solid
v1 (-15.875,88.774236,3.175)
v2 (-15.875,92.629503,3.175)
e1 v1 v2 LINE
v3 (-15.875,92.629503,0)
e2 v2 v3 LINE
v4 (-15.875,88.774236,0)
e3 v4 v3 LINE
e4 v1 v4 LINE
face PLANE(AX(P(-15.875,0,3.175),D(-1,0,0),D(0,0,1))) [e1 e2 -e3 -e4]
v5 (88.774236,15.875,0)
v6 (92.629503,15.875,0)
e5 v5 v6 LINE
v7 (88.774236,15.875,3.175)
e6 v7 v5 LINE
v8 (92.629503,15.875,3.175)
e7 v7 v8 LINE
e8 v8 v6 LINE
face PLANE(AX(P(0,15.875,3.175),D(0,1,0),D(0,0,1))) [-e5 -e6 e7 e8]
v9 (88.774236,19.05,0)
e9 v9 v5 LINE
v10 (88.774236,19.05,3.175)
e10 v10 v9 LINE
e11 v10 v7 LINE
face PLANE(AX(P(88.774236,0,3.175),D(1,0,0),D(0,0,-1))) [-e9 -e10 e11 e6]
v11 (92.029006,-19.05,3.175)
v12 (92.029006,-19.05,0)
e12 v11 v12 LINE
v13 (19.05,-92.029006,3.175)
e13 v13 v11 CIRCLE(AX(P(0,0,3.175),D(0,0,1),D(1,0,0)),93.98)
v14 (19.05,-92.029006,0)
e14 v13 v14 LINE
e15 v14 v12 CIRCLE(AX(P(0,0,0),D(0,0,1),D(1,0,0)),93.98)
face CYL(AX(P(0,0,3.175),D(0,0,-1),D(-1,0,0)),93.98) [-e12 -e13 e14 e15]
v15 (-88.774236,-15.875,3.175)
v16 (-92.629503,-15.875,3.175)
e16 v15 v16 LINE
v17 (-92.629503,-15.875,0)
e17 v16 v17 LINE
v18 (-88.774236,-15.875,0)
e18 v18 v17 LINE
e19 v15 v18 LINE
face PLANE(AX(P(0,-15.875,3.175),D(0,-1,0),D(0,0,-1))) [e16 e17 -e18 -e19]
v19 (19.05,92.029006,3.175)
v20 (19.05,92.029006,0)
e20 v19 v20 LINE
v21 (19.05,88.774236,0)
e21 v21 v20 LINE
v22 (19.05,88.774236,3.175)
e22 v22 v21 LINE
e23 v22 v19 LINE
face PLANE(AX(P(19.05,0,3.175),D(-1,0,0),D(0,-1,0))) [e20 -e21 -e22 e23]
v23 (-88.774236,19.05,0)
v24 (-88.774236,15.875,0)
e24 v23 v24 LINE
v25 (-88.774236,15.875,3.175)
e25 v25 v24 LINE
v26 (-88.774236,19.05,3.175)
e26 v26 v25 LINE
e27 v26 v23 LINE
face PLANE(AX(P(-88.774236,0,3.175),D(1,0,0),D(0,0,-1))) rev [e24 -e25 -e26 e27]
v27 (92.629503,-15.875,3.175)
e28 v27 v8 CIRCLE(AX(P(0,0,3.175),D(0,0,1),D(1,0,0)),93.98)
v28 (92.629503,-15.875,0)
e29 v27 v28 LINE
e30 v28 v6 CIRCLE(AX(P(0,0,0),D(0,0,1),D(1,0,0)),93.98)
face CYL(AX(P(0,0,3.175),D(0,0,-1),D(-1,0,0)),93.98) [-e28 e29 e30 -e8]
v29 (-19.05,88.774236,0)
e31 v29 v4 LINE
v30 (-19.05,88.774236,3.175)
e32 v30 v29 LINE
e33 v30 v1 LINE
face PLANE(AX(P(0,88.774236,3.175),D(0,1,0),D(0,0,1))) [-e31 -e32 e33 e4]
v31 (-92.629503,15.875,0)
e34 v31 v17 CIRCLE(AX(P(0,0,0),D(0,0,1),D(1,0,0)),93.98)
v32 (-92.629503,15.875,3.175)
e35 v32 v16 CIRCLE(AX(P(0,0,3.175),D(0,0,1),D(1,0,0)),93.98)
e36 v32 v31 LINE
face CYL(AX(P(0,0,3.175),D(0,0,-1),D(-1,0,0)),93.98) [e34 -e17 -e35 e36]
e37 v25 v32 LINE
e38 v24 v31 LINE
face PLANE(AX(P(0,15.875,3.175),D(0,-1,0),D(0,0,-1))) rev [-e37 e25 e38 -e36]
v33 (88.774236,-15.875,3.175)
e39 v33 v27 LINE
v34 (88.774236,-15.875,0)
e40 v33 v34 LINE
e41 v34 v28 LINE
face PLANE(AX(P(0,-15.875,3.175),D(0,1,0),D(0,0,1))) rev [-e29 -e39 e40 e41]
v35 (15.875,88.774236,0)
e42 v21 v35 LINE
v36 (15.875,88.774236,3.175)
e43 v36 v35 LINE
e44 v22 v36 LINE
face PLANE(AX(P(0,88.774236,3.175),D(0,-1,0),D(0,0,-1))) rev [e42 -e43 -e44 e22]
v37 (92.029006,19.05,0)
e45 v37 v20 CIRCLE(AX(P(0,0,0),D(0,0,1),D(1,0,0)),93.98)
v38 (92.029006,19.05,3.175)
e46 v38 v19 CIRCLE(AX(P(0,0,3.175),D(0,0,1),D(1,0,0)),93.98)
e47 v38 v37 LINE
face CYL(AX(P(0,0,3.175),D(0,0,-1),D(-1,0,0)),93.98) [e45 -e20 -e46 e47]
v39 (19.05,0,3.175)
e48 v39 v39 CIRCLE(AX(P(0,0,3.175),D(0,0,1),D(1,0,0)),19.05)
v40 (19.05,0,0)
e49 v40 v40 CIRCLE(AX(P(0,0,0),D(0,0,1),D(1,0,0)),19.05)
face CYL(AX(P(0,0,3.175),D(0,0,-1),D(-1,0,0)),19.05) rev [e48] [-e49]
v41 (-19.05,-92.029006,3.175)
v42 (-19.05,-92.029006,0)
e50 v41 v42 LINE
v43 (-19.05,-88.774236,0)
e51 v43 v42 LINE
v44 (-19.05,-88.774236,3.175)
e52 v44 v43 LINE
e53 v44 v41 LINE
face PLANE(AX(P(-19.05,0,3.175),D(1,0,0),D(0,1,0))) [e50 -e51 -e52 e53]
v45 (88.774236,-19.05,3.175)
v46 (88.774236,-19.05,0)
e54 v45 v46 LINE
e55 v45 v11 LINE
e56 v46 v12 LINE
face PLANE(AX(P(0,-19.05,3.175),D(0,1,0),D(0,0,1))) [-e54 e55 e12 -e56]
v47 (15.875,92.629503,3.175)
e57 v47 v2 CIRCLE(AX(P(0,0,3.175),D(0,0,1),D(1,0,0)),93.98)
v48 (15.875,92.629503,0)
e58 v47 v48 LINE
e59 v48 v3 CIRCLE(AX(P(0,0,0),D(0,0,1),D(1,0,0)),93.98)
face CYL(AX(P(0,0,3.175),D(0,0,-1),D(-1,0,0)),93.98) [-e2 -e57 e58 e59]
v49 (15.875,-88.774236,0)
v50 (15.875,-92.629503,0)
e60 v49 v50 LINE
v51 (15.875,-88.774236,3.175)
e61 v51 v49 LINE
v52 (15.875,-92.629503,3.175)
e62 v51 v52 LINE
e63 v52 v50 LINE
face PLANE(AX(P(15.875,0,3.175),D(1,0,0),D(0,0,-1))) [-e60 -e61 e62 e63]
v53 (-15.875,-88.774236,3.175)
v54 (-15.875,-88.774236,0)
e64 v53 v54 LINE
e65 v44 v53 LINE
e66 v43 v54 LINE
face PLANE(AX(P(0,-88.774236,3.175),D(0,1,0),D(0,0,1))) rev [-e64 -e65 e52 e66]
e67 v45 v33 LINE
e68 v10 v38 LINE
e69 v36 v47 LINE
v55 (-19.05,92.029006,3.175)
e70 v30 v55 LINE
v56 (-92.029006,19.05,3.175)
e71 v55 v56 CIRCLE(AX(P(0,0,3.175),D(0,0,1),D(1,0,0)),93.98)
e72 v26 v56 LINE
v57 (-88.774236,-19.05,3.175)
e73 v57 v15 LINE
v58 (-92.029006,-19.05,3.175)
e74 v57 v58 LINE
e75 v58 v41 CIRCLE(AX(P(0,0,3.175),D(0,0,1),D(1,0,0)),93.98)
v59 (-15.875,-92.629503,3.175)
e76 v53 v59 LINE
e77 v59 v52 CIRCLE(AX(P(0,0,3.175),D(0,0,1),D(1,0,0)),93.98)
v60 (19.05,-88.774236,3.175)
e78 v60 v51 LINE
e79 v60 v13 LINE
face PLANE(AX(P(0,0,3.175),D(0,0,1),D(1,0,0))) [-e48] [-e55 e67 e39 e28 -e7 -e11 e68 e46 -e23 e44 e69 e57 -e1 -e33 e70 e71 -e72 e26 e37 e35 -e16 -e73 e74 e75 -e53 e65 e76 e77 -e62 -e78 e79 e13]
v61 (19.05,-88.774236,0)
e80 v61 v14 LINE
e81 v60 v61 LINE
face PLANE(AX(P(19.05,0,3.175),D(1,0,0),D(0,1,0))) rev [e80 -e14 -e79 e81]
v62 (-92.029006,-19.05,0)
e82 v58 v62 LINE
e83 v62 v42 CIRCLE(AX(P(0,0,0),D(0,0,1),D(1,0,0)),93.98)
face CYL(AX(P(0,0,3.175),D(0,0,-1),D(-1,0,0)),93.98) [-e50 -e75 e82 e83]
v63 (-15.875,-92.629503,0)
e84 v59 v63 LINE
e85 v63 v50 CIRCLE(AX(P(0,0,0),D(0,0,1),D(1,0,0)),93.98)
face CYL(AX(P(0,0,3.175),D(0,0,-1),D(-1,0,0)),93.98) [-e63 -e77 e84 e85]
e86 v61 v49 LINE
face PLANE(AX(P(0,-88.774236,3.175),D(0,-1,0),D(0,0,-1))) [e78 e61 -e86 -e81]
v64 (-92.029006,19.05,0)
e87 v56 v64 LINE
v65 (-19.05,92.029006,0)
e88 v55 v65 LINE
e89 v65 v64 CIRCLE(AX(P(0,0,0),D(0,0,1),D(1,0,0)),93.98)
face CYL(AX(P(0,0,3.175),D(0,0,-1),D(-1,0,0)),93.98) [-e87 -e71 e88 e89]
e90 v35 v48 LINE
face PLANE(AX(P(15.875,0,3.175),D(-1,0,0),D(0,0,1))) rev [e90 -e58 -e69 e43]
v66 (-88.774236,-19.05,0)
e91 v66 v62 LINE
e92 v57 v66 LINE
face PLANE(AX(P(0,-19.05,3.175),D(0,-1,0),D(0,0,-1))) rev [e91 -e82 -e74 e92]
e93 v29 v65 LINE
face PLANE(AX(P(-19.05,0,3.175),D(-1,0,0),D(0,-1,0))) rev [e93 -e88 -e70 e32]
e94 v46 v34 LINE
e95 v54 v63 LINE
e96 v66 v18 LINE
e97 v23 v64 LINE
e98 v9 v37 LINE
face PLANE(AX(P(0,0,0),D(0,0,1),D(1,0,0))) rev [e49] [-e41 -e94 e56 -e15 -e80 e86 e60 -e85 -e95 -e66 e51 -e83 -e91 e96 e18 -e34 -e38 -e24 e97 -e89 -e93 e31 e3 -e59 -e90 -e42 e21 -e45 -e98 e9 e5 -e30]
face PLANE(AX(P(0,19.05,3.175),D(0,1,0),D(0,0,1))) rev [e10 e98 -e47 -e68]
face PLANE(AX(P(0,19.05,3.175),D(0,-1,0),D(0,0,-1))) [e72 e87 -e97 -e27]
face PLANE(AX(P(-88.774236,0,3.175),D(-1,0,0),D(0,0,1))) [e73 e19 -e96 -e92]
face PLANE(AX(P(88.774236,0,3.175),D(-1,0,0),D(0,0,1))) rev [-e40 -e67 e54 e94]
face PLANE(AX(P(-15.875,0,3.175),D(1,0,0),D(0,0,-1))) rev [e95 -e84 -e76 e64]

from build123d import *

# Parameters (mm, degrees)
SKETCH1_R           = 19.05
BOSS_EXTRUDE1_DEPTH = 3.175


with BuildPart() as part:
    # Sketch1 → Boss-Extrude1 (new body)
    with BuildSketch(Plane.XY):
        with BuildLine():
            Line((-19.05, -92.029005754), (-19.05, -88.774236431))
            Line((-19.05, -88.774236431), (-15.875, -88.774236431))
            Line((-15.875, -88.774236431), (-15.875, -92.629502725))
            ThreePointArc((-15.875, -92.629502725), (0, -93.98), (15.875, -92.629502725))
            Line((15.875, -92.629502725), (15.875, -88.774236431))
            Line((15.875, -88.774236431), (19.05, -88.774236431))
            Line((19.05, -88.774236431), (19.05, -92.029005754))
            ThreePointArc((19.05, -92.029005754), (20.640594227, -91.685365626), (22.225, -91.314236431))
            ThreePointArc((22.225, -91.314236431), (67.594559133, -65.29330728), (92.029005754, -19.05))
            Line((92.029005754, -19.05), (88.774236431, -19.05))
            Line((88.774236431, -19.05), (88.774236431, -15.875))
            Line((88.774236431, -15.875), (92.629502725, -15.875))
            ThreePointArc((92.629502725, -15.875), (93.98, 0), (92.629502725, 15.875))
            Line((92.629502725, 15.875), (88.774236431, 15.875))
            Line((88.774236431, 15.875), (88.774236431, 19.05))
            Line((88.774236431, 19.05), (92.029005754, 19.05))
            ThreePointArc((92.029005754, 19.05), (66.453895296, 66.453895296), (19.05, 92.029005754))
            Line((19.05, 92.029005754), (19.05, 88.774236431))
            Line((19.05, 88.774236431), (15.875, 88.774236431))
            Line((15.875, 88.774236431), (15.875, 92.629502725))
            ThreePointArc((15.875, 92.629502725), (0, 93.98), (-15.875, 92.629502725))
            Line((-15.875, 92.629502725), (-15.875, 88.774236431))
            Line((-15.875, 88.774236431), (-19.05, 88.774236431))
            Line((-19.05, 88.774236431), (-19.05, 92.029005754))
            ThreePointArc((-19.05, 92.029005754), (-20.640594227, 91.685365626), (-22.225, 91.314236431))
            ThreePointArc((-22.225, 91.314236431), (-66.453895296, 66.453895296), (-91.314236431, 22.225))
            ThreePointArc((-91.314236431, 22.225), (-91.685365626, 20.640594227), (-92.029005754, 19.05))
            Line((-92.029005754, 19.05), (-88.774236431, 19.05))
            Line((-88.774236431, 19.05), (-88.774236431, 15.875))
            Line((-88.774236431, 15.875), (-92.629502725, 15.875))
            ThreePointArc((-92.629502725, 15.875), (-93.98, 0), (-92.629502725, -15.875))
            Line((-92.629502725, -15.875), (-88.774236431, -15.875))
            Line((-88.774236431, -15.875), (-88.774236431, -19.05))
            Line((-88.774236431, -19.05), (-92.029005754, -19.05))
            ThreePointArc((-92.029005754, -19.05), (-66.453895296, -66.453895296), (-19.05, -92.029005754))
        make_face()
        Circle(SKETCH1_R, mode=Mode.SUBTRACT)
    extrude(amount=BOSS_EXTRUDE1_DEPTH)


solid = part.part
